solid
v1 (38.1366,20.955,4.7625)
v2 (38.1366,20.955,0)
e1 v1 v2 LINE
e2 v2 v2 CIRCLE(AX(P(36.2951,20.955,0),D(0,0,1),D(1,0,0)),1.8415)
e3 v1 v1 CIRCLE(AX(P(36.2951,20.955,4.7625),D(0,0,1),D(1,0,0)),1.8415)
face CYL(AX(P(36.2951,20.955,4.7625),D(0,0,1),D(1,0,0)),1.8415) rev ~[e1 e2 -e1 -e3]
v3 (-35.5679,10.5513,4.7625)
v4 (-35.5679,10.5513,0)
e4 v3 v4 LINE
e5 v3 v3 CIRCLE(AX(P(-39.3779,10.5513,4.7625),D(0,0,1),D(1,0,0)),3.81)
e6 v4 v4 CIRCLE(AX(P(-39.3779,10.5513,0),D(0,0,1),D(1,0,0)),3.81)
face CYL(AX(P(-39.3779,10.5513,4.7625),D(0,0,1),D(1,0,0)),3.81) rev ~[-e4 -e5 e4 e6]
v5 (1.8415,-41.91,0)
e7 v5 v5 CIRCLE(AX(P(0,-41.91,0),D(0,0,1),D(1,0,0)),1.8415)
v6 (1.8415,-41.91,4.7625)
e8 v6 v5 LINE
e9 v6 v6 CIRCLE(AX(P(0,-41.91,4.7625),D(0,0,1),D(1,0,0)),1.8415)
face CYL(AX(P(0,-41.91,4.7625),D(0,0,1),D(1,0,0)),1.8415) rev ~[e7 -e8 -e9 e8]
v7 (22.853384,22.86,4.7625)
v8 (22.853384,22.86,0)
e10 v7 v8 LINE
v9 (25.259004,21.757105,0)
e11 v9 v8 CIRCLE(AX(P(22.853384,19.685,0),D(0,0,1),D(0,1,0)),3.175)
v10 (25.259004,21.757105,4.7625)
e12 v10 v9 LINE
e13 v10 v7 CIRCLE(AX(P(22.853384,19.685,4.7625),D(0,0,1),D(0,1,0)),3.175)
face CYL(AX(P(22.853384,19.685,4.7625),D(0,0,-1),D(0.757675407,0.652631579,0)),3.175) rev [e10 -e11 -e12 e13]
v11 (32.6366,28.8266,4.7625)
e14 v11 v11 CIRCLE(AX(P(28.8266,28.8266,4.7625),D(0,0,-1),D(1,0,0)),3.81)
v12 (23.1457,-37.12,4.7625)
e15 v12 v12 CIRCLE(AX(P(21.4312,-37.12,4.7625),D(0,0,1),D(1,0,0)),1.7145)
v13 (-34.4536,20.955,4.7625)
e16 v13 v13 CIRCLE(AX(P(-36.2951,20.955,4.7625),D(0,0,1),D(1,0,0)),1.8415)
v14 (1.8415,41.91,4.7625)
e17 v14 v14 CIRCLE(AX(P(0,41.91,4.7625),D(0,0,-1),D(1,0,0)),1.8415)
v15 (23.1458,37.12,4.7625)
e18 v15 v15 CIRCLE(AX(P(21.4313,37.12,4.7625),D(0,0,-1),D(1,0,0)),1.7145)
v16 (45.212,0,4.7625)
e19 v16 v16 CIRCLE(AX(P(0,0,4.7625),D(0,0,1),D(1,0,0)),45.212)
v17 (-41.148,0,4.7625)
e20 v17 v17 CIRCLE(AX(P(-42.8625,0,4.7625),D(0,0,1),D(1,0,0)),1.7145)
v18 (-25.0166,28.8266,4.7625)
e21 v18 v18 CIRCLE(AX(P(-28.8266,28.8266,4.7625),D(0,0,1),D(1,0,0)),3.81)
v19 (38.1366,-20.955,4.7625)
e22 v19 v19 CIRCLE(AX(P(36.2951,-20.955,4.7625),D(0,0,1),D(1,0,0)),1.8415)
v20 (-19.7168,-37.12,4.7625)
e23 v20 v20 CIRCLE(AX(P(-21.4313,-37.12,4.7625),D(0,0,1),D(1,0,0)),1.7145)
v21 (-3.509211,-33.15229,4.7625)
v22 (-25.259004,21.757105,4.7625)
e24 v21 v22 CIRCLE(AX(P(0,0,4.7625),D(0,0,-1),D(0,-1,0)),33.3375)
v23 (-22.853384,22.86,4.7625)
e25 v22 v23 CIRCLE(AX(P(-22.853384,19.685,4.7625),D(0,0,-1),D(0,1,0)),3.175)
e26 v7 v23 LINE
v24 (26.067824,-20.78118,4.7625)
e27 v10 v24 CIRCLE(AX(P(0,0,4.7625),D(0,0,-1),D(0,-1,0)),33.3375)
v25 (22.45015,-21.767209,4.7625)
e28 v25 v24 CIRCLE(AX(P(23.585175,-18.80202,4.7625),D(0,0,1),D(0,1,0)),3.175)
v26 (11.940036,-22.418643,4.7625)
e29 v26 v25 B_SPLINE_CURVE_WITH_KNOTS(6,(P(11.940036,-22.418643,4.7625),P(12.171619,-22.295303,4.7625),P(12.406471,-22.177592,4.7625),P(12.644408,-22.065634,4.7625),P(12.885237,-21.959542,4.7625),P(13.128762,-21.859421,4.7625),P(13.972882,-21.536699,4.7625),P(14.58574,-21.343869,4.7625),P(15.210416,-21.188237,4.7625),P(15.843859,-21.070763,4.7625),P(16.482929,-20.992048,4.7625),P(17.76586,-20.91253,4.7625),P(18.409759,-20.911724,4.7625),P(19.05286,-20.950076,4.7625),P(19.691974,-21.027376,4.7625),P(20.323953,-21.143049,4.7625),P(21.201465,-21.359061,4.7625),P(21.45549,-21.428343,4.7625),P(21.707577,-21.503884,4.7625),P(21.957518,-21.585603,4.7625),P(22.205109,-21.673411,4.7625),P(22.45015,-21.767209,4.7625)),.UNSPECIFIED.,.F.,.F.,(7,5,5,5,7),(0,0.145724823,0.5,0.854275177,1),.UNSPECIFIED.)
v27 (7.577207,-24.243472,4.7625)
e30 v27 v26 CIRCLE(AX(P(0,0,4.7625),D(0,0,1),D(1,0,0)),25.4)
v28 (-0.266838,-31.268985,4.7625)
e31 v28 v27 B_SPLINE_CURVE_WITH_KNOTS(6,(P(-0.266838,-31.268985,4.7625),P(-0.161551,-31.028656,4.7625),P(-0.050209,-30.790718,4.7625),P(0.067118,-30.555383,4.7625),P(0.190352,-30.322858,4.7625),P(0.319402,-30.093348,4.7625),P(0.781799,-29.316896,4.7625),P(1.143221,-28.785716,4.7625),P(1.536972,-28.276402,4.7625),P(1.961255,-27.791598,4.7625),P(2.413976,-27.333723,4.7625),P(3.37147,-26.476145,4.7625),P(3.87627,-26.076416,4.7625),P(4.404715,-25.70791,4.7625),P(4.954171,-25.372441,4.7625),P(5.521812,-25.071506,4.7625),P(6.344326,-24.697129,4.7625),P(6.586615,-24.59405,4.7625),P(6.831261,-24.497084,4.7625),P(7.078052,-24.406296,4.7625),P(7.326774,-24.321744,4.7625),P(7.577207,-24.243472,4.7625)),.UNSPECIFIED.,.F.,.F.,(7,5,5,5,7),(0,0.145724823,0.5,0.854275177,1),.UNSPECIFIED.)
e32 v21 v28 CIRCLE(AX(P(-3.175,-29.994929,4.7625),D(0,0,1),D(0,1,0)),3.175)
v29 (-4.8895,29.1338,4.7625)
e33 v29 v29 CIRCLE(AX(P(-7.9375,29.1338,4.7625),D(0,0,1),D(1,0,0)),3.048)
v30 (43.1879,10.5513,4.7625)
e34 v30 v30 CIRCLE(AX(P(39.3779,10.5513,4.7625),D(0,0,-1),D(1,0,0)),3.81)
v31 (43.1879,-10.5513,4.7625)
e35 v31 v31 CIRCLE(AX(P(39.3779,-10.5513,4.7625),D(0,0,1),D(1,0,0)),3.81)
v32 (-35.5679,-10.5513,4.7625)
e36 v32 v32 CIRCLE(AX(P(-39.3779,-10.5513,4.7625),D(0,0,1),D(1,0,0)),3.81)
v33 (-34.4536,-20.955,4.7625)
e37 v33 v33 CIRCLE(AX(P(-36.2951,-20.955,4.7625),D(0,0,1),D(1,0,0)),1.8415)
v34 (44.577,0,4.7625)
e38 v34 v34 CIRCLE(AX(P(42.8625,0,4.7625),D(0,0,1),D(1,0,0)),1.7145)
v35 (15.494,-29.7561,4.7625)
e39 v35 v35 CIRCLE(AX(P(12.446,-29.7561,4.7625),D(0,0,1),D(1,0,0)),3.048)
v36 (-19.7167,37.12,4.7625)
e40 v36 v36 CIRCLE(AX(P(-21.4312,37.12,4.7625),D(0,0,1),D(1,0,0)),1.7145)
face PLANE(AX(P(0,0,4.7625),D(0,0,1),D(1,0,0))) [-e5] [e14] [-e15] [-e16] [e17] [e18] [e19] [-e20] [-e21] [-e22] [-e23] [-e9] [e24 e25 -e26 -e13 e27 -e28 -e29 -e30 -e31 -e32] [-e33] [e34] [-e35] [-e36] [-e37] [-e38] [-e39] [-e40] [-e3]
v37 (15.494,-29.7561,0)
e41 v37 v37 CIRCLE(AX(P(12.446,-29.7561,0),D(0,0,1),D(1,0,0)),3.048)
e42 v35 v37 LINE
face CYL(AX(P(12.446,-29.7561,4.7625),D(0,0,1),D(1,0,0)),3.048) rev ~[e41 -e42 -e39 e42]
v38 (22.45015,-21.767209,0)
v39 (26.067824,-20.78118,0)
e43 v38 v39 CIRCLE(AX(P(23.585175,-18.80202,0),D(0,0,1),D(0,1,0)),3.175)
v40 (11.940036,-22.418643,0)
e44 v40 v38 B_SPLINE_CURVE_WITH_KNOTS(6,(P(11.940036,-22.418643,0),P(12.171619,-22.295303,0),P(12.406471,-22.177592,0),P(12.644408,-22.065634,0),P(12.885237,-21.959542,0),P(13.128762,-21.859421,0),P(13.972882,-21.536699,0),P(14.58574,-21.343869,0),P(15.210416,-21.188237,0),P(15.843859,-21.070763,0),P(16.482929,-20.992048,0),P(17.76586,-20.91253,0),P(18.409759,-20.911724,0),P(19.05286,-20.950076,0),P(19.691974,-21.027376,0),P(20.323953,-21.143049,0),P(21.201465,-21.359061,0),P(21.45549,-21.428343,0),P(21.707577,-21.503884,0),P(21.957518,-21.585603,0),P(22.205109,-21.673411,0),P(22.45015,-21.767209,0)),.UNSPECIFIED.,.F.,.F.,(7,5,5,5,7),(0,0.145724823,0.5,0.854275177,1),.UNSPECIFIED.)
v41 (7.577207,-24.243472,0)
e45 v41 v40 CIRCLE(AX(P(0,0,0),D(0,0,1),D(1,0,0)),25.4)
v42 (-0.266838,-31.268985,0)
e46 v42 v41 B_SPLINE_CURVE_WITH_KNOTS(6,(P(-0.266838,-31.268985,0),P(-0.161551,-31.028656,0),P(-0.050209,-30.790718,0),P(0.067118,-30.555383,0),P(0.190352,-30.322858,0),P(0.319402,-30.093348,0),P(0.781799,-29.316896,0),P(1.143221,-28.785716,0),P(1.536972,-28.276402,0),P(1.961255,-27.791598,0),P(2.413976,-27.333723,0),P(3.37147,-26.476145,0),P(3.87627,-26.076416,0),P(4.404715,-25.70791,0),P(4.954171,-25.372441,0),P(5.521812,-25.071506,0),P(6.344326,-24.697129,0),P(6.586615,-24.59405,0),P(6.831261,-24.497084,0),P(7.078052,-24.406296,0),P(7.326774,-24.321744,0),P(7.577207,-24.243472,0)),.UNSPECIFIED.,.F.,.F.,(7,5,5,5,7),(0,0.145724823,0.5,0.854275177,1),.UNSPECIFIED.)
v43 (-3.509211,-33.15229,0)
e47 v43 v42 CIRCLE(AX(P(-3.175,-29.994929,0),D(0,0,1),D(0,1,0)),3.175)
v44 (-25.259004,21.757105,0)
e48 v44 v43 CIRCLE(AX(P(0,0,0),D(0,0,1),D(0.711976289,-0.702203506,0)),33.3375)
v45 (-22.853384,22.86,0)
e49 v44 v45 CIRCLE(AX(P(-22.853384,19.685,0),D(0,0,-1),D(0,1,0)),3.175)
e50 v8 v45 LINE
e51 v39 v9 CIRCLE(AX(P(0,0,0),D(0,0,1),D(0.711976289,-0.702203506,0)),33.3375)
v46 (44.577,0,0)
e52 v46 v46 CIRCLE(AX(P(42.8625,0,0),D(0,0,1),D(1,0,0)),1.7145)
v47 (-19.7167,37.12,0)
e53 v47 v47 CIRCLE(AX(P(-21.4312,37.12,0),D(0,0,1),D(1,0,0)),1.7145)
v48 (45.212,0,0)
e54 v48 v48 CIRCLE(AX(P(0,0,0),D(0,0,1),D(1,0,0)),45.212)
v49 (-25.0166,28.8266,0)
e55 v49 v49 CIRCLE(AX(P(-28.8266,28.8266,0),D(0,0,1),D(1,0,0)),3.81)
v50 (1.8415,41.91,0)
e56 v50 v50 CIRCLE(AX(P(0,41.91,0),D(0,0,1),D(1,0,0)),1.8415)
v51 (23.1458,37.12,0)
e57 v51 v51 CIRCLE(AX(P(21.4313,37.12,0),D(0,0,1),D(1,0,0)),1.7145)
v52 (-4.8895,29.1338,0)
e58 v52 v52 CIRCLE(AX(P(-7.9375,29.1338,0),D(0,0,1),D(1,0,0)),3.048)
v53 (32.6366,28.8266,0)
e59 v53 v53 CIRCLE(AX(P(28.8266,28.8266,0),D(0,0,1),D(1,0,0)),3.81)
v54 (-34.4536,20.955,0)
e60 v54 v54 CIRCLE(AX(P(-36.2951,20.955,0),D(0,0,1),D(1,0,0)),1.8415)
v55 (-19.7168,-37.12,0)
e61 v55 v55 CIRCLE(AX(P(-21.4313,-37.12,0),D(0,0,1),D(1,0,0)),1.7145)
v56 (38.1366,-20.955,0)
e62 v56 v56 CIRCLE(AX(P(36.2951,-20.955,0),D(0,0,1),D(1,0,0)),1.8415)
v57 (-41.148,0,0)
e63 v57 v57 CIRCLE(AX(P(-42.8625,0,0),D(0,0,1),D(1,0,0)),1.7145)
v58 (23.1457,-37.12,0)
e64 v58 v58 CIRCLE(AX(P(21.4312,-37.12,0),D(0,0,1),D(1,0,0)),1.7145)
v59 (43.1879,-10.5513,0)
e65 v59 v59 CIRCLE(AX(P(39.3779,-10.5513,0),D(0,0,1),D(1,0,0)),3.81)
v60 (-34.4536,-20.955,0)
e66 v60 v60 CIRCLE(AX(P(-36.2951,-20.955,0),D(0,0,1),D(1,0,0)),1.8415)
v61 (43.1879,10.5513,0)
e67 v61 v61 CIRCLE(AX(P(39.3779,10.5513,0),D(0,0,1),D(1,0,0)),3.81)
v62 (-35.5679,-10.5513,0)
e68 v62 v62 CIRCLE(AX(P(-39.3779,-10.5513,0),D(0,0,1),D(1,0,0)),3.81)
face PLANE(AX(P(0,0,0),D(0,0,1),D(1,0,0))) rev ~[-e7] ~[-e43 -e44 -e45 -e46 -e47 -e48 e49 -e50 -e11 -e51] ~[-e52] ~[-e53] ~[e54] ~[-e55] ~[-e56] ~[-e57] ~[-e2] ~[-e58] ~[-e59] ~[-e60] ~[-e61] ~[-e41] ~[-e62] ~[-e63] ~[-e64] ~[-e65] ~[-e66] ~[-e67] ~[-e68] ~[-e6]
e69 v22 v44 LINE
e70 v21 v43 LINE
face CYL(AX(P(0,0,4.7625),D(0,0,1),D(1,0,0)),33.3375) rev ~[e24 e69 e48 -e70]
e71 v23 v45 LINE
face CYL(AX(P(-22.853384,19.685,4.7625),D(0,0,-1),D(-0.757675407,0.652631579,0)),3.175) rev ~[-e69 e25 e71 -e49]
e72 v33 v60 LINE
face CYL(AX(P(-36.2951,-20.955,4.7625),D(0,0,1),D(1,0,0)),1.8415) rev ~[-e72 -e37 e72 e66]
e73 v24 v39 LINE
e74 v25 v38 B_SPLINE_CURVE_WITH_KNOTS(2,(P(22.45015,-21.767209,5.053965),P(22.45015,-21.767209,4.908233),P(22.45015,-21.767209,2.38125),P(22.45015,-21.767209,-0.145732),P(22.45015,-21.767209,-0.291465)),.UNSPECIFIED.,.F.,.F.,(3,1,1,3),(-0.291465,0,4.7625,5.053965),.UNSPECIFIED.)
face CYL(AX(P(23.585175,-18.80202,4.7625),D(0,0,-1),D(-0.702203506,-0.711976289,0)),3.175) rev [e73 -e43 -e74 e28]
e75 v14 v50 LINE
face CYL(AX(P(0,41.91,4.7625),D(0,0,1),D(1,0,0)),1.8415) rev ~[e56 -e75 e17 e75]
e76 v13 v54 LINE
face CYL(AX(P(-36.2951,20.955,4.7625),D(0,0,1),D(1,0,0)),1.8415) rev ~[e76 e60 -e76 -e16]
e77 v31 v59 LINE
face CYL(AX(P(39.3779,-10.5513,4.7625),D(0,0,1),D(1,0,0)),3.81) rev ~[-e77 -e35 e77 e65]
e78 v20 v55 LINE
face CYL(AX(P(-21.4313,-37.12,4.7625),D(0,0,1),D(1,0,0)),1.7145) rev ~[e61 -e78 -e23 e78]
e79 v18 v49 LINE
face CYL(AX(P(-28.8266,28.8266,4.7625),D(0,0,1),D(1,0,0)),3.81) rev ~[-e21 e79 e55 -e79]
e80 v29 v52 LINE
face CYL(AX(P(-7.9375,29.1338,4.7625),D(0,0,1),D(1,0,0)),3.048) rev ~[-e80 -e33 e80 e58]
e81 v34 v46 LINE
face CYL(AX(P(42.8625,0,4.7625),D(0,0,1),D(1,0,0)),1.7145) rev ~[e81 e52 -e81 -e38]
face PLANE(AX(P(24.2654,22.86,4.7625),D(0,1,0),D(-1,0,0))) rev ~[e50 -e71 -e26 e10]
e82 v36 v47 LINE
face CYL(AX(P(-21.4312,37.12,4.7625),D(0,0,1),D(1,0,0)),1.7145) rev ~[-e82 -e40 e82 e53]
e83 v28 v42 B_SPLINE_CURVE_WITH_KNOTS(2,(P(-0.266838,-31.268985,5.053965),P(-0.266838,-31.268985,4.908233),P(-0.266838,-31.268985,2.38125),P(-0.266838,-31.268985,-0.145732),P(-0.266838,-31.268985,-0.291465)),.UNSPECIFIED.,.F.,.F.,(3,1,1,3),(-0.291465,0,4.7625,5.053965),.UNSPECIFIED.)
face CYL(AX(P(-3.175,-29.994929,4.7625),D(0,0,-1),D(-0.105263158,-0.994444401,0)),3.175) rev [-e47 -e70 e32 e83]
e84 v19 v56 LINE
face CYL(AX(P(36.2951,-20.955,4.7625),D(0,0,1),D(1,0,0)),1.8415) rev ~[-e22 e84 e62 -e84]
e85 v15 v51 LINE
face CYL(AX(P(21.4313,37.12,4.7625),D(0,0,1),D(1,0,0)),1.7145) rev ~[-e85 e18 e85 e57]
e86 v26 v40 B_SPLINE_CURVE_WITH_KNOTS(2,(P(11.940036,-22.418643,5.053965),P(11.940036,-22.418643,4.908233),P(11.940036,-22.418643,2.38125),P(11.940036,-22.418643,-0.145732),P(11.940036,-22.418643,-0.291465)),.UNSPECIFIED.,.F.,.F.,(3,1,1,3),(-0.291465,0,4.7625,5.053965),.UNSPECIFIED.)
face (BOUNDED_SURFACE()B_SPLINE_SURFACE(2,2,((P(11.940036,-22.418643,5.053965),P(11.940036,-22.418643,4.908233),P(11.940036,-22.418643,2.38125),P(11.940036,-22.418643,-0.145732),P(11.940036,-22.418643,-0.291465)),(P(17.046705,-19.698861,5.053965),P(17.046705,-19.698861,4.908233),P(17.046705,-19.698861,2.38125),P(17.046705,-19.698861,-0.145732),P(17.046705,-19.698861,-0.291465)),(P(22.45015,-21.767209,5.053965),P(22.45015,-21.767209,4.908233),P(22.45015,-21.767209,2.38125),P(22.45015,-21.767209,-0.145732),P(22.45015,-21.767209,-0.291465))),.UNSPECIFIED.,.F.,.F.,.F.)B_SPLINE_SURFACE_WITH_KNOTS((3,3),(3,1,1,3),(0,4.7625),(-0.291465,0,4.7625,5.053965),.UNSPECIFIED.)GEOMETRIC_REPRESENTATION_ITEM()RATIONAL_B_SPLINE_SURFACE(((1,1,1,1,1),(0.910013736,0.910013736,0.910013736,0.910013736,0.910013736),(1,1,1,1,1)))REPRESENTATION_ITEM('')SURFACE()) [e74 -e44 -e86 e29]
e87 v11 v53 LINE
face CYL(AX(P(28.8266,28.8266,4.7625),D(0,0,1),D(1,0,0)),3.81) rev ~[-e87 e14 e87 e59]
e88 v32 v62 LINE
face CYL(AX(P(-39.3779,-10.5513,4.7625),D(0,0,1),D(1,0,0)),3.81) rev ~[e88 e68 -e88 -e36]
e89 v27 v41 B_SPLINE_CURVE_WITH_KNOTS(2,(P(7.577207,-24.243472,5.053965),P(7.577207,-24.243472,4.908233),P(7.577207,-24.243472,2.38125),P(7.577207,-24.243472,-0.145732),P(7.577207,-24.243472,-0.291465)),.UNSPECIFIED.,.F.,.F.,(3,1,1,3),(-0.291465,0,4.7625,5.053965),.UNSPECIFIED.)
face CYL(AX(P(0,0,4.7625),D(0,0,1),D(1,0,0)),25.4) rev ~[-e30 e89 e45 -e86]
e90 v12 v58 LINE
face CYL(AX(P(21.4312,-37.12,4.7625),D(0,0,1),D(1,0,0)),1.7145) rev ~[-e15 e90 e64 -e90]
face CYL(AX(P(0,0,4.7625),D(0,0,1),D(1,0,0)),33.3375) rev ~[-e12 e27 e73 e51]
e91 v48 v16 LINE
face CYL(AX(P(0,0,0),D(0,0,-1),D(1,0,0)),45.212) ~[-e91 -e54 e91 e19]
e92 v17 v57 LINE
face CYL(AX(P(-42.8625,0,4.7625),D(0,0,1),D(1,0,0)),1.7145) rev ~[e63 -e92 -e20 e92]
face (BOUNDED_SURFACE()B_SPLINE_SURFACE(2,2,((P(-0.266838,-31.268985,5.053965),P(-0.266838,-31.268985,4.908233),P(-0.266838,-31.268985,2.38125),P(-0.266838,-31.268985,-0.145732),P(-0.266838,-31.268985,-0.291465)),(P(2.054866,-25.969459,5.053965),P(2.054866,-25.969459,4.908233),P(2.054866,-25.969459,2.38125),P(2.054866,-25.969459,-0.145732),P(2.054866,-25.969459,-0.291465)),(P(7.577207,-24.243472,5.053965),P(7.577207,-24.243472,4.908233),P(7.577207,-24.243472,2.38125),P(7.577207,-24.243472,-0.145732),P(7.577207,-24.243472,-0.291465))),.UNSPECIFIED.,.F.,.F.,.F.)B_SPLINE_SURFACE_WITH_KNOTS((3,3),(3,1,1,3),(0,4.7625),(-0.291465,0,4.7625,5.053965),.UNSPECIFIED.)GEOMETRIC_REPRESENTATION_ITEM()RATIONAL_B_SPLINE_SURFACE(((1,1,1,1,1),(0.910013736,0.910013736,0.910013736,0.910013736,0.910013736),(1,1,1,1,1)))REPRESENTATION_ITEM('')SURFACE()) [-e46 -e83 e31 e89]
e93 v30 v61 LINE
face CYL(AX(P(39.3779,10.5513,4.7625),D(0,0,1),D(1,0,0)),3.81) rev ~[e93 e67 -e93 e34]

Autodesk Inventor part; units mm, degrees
ref_plane "YZ Plane" through (0, 0, 0) normal (1, 0, 0) x (0, 1, 0)
ref_plane "XZ Plane" through (0, 0, 0) normal (0, 1, 0) x (-1, 0, 0)
ref_plane "XY Plane" through (0, 0, 0) normal (0, 0, 1) x (1, 0, 0)
sketch "Sketch1" plane through (0, 0, 0) normal (0, 0, 1) x (1, 0, 0)
  circle A0 centre (0, 0) radius 45.212
  dimension "d0" = 90.424
extrude "Extrusion1" add sketch "Sketch1" along normal blind 4.7625
sketch "Sketch6" plane through (0, 0, 4.7625) normal (0, 0, 1) x (1, 0, 0)
  circle A0 centre (12.446, -29.7561) radius 3.048
  point P0 (0, 0)
  dimension "d27" = 6.096
  dimension "d28" = 29.7561
  dimension "d29" = 12.446
extrude "Extrusion6" cut sketch "Sketch6" against normal blind 25.4
sketch "Sketch7" plane through (0, 0, 4.7625) normal (0, 0, 1) x (1, 0, 0)
  line L0 (0, 0) -> (21.4313, 37.12)
  line L1 (0, 0) -> (42.8625, 0) construction
  circle A0 centre (21.4313, 37.12) radius 1.7145
  circle A1 centre (-21.4312, 37.12) radius 1.7145
  circle A2 centre (-42.8625, 0) radius 1.7145
  circle A3 centre (-21.4313, -37.12) radius 1.7145
  circle A4 centre (21.4312, -37.12) radius 1.7145
  circle A5 centre (42.8625, 0) radius 1.7145
  dimension "d32" = 42.8625
  dimension "d33" = 60
  dimension "d34" = 3.429
  dimension "d37" = 360
extrude "Extrusion7" cut sketch "Sketch7" against normal blind 25.4
sketch "Sketch8" plane through (0, 0, 4.7625) normal (0, 0, 1) x (1, 0, 0)
  line L0 (0, 0) -> (0, 41.91)
  circle A0 centre (0, 41.91) radius 1.8415
  circle A1 centre (-36.2951, 20.955) radius 1.8415
  circle A2 centre (-36.2951, -20.955) radius 1.8415
  circle A3 centre (0, -41.91) radius 1.8415
  circle A4 centre (36.2951, -20.955) radius 1.8415
  circle A5 centre (36.2951, 20.955) radius 1.8415
  dimension "d41" = 41.91
  dimension "d42" = 3.683
  dimension "d45" = 360
extrude "Extrusion8" cut sketch "Sketch8" against normal blind 25.4
sketch "Sketch10" plane through (0, 0, 4.7625) normal (0, 0, 1) x (1, 0, 0)
  line L0 (0, 0) -> (39.3779, 10.5513)
  line L1 (0, 0) -> (40.767, 0) construction
  circle A0 centre (39.3779, 10.5513) radius 3.81
  line L2 (0, 0) -> (0, 16.2318)
  circle A1 centre (39.3779, -10.5513) radius 3.81
  circle A2 centre (-39.3779, 10.5513) radius 3.81
  circle A3 centre (-39.3779, -10.5513) radius 3.81
  line L3 (0, 0) -> (28.8266, 28.8266)
  line L4 (0, 0) -> (40.767, 0) construction
  circle A4 centre (28.8266, 28.8266) radius 3.81
  circle A5 centre (-28.8266, 28.8266) radius 3.81
  dimension "d49" = 40.767
  dimension "d50" = 15
  dimension "d51" = 7.62
  dimension "d68" = 40.767
  dimension "d69" = 45
  dimension "d70" = 7.62
extrude "Extrusion9" cut sketch "Sketch10" against normal blind 25.4 contours A0 | A1 | A2 | A3
sketch "Sketch11" plane through (0, 0, 4.7625) normal (0, 0, 1) x (1, 0, 0)
  circle A0 centre (-39.3779, 10.5513) radius 3.81 projected
  circle A1 centre (39.3779, 10.5513) radius 3.81 projected
  circle A2 centre (39.3779, -10.5513) radius 3.81 projected
  circle A3 centre (-39.3779, -10.5513) radius 3.81 projected
  circle A4 centre (36.2951, -20.955) radius 1.8415 projected
  circle A5 centre (-36.2951, -20.955) radius 1.8415 projected
  circle A6 centre (0, 41.91) radius 1.8415 projected
  circle A7 centre (-36.2951, 20.955) radius 1.8415 projected
  circle A8 centre (0, -41.91) radius 1.8415 projected
  circle A9 centre (36.2951, 20.955) radius 1.8415 projected
  circle A10 centre (21.4312, -37.12) radius 1.7145 projected
  circle A11 centre (-42.8625, 0) radius 1.7145 projected
  circle A12 centre (21.4313, 37.12) radius 1.7145 projected
  circle A13 centre (-21.4312, 37.12) radius 1.7145 projected
  circle A14 centre (-21.4313, -37.12) radius 1.7145 projected
  circle A15 centre (42.8625, 0) radius 1.7145 projected
  circle A16 centre (12.446, -29.7561) radius 3.048 projected
  circle A17 centre (0, 0) radius 45.212 projected
  circle A18 centre (0, 0) radius 25.4
  dimension "d54" = 50.8
extrude "Extrusion10" cut sketch "Sketch11" against normal blind 25.4 contours A18
sketch "Sketch12" plane through (0, 0, 4.7625) normal (0, 0, 1) x (1, 0, 0)
  circle A0 centre (0, 0) radius 25.4 projected
  circle A1 centre (-39.3779, 10.5513) radius 3.81 projected
  circle A2 centre (39.3779, 10.5513) radius 3.81 projected
  circle A3 centre (39.3779, -10.5513) radius 3.81 projected
  circle A4 centre (-39.3779, -10.5513) radius 3.81 projected
  circle A5 centre (36.2951, -20.955) radius 1.8415 projected
  circle A6 centre (-36.2951, -20.955) radius 1.8415 projected
  circle A7 centre (0, 41.91) radius 1.8415 projected
  circle A8 centre (-36.2951, 20.955) radius 1.8415 projected
  circle A9 centre (0, -41.91) radius 1.8415 projected
  circle A10 centre (36.2951, 20.955) radius 1.8415 projected
  circle A11 centre (21.4312, -37.12) radius 1.7145 projected
  circle A12 centre (-42.8625, 0) radius 1.7145 projected
  circle A13 centre (21.4313, 37.12) radius 1.7145 projected
  circle A14 centre (-21.4312, 37.12) radius 1.7145 projected
  circle A15 centre (-21.4313, -37.12) radius 1.7145 projected
  circle A16 centre (42.8625, 0) radius 1.7145 projected
  circle A17 centre (12.446, -29.7561) radius 3.048 projected
  circle A18 centre (0, 0) radius 45.212 projected
  circle A19 centre (0, 0) radius 33.3375
  line L0 (0, 0) -> (0, -33.3375)
  line L1 (0, 0) -> (12.446, -29.7561)
  line L2 (0, 0) -> (23.7355, -23.4097)
  line L3 (0, -25.4) -> (0, -33.3375)
  line L4 (18.0842, -17.836) -> (23.7355, -23.4097)
  arc A20 (0, -25.4) -> (18.0842, -17.836) centre (0, 0) ccw
  arc A21 (0, -33.3375) -> (23.7355, -23.4097) centre (0, 0) ccw
  dimension "d57" = 66.675
extrude "Extrusion11" cut sketch "Sketch12" against normal blind 25.4 contours A0 L0 A19 L2
fillet "Fillet2" radius 3.175 2 edges at (23.7355, -23.4097, 2.3813) (0, -33.3375, 2.3813)
sketch "Sketch14" plane through (0, 0, 4.7625) normal (0, 0, 1) x (1, 0, 0)
  circle A0 centre (0, 0) radius 45.212 projected
  circle A1 centre (12.446, -29.7561) radius 3.048 projected
  circle A2 centre (42.8625, 0) radius 1.7145 projected
  circle A3 centre (-21.4313, -37.12) radius 1.7145 projected
  circle A4 centre (-21.4312, 37.12) radius 1.7145 projected
  circle A5 centre (21.4313, 37.12) radius 1.7145 projected
  circle A6 centre (-42.8625, 0) radius 1.7145 projected
  circle A7 centre (21.4312, -37.12) radius 1.7145 projected
  circle A8 centre (36.2951, 20.955) radius 1.8415 projected
  circle A9 centre (0, -41.91) radius 1.8415 projected
  circle A10 centre (-36.2951, 20.955) radius 1.8415 projected
  circle A11 centre (0, 41.91) radius 1.8415 projected
  circle A12 centre (-36.2951, -20.955) radius 1.8415 projected
  circle A13 centre (36.2951, -20.955) radius 1.8415 projected
  circle A14 centre (-39.3779, -10.5513) radius 3.81 projected
  circle A15 centre (39.3779, -10.5513) radius 3.81 projected
  circle A16 centre (39.3779, 10.5513) radius 3.81 projected
  circle A17 centre (-39.3779, 10.5513) radius 3.81 projected
  line L0 (0, -25.4) -> (0, -29.9949) projected
  arc A18 (-3.5092, -33.1523) -> (0, -29.9949) centre (-3.175, -29.9949) ccw projected
  arc A19 (26.0678, -20.7812) -> (-3.5092, -33.1523) centre (0, 0) ccw projected
  arc A20 (21.3557, -21.0626) -> (26.0678, -20.7812) centre (23.5852, -18.802) ccw projected
  line L1 (21.3557, -21.0626) -> (18.0842, -17.836) projected
  line L2 (24.2654, 22.86) -> (-24.2654, 22.86)
  arc A21 (0, -25.4) -> (18.0842, -17.836) centre (0, 0) ccw projected
  dimension "d64" = 22.86
extrude "Extrusion13" add sketch "Sketch14" against normal up to surface (4.7625 mm away) contours A19 L2
fillet "Fillet3" radius 3.175 2 edges at (24.2654, 22.86, 2.3813) (-24.2654, 22.86, 2.3813)
extrude "Extrusion14" cut sketch "Sketch10" against normal blind 25.4 contours A4 | A5
sketch "Sketch16" plane through (0, 0, 4.7625) normal (0, 0, 1) x (1, 0, 0)
  circle A0 centre (-7.9375, 29.1338) radius 3.048
  point P0 (0, 0)
  dimension "d73" = 6.096
  dimension "d74" = 7.9375
  dimension "d75" = 29.1338
extrude "Extrusion15" cut sketch "Sketch16" against normal through all
fillet "Fillet4" radius 12.7 2 edges at (18.0842, -17.836, 2.3813) (0, -25.4, 2.3813)
properties part number "AluminumSealingDiscMidshipsRear" material "Aluminum 6061"
